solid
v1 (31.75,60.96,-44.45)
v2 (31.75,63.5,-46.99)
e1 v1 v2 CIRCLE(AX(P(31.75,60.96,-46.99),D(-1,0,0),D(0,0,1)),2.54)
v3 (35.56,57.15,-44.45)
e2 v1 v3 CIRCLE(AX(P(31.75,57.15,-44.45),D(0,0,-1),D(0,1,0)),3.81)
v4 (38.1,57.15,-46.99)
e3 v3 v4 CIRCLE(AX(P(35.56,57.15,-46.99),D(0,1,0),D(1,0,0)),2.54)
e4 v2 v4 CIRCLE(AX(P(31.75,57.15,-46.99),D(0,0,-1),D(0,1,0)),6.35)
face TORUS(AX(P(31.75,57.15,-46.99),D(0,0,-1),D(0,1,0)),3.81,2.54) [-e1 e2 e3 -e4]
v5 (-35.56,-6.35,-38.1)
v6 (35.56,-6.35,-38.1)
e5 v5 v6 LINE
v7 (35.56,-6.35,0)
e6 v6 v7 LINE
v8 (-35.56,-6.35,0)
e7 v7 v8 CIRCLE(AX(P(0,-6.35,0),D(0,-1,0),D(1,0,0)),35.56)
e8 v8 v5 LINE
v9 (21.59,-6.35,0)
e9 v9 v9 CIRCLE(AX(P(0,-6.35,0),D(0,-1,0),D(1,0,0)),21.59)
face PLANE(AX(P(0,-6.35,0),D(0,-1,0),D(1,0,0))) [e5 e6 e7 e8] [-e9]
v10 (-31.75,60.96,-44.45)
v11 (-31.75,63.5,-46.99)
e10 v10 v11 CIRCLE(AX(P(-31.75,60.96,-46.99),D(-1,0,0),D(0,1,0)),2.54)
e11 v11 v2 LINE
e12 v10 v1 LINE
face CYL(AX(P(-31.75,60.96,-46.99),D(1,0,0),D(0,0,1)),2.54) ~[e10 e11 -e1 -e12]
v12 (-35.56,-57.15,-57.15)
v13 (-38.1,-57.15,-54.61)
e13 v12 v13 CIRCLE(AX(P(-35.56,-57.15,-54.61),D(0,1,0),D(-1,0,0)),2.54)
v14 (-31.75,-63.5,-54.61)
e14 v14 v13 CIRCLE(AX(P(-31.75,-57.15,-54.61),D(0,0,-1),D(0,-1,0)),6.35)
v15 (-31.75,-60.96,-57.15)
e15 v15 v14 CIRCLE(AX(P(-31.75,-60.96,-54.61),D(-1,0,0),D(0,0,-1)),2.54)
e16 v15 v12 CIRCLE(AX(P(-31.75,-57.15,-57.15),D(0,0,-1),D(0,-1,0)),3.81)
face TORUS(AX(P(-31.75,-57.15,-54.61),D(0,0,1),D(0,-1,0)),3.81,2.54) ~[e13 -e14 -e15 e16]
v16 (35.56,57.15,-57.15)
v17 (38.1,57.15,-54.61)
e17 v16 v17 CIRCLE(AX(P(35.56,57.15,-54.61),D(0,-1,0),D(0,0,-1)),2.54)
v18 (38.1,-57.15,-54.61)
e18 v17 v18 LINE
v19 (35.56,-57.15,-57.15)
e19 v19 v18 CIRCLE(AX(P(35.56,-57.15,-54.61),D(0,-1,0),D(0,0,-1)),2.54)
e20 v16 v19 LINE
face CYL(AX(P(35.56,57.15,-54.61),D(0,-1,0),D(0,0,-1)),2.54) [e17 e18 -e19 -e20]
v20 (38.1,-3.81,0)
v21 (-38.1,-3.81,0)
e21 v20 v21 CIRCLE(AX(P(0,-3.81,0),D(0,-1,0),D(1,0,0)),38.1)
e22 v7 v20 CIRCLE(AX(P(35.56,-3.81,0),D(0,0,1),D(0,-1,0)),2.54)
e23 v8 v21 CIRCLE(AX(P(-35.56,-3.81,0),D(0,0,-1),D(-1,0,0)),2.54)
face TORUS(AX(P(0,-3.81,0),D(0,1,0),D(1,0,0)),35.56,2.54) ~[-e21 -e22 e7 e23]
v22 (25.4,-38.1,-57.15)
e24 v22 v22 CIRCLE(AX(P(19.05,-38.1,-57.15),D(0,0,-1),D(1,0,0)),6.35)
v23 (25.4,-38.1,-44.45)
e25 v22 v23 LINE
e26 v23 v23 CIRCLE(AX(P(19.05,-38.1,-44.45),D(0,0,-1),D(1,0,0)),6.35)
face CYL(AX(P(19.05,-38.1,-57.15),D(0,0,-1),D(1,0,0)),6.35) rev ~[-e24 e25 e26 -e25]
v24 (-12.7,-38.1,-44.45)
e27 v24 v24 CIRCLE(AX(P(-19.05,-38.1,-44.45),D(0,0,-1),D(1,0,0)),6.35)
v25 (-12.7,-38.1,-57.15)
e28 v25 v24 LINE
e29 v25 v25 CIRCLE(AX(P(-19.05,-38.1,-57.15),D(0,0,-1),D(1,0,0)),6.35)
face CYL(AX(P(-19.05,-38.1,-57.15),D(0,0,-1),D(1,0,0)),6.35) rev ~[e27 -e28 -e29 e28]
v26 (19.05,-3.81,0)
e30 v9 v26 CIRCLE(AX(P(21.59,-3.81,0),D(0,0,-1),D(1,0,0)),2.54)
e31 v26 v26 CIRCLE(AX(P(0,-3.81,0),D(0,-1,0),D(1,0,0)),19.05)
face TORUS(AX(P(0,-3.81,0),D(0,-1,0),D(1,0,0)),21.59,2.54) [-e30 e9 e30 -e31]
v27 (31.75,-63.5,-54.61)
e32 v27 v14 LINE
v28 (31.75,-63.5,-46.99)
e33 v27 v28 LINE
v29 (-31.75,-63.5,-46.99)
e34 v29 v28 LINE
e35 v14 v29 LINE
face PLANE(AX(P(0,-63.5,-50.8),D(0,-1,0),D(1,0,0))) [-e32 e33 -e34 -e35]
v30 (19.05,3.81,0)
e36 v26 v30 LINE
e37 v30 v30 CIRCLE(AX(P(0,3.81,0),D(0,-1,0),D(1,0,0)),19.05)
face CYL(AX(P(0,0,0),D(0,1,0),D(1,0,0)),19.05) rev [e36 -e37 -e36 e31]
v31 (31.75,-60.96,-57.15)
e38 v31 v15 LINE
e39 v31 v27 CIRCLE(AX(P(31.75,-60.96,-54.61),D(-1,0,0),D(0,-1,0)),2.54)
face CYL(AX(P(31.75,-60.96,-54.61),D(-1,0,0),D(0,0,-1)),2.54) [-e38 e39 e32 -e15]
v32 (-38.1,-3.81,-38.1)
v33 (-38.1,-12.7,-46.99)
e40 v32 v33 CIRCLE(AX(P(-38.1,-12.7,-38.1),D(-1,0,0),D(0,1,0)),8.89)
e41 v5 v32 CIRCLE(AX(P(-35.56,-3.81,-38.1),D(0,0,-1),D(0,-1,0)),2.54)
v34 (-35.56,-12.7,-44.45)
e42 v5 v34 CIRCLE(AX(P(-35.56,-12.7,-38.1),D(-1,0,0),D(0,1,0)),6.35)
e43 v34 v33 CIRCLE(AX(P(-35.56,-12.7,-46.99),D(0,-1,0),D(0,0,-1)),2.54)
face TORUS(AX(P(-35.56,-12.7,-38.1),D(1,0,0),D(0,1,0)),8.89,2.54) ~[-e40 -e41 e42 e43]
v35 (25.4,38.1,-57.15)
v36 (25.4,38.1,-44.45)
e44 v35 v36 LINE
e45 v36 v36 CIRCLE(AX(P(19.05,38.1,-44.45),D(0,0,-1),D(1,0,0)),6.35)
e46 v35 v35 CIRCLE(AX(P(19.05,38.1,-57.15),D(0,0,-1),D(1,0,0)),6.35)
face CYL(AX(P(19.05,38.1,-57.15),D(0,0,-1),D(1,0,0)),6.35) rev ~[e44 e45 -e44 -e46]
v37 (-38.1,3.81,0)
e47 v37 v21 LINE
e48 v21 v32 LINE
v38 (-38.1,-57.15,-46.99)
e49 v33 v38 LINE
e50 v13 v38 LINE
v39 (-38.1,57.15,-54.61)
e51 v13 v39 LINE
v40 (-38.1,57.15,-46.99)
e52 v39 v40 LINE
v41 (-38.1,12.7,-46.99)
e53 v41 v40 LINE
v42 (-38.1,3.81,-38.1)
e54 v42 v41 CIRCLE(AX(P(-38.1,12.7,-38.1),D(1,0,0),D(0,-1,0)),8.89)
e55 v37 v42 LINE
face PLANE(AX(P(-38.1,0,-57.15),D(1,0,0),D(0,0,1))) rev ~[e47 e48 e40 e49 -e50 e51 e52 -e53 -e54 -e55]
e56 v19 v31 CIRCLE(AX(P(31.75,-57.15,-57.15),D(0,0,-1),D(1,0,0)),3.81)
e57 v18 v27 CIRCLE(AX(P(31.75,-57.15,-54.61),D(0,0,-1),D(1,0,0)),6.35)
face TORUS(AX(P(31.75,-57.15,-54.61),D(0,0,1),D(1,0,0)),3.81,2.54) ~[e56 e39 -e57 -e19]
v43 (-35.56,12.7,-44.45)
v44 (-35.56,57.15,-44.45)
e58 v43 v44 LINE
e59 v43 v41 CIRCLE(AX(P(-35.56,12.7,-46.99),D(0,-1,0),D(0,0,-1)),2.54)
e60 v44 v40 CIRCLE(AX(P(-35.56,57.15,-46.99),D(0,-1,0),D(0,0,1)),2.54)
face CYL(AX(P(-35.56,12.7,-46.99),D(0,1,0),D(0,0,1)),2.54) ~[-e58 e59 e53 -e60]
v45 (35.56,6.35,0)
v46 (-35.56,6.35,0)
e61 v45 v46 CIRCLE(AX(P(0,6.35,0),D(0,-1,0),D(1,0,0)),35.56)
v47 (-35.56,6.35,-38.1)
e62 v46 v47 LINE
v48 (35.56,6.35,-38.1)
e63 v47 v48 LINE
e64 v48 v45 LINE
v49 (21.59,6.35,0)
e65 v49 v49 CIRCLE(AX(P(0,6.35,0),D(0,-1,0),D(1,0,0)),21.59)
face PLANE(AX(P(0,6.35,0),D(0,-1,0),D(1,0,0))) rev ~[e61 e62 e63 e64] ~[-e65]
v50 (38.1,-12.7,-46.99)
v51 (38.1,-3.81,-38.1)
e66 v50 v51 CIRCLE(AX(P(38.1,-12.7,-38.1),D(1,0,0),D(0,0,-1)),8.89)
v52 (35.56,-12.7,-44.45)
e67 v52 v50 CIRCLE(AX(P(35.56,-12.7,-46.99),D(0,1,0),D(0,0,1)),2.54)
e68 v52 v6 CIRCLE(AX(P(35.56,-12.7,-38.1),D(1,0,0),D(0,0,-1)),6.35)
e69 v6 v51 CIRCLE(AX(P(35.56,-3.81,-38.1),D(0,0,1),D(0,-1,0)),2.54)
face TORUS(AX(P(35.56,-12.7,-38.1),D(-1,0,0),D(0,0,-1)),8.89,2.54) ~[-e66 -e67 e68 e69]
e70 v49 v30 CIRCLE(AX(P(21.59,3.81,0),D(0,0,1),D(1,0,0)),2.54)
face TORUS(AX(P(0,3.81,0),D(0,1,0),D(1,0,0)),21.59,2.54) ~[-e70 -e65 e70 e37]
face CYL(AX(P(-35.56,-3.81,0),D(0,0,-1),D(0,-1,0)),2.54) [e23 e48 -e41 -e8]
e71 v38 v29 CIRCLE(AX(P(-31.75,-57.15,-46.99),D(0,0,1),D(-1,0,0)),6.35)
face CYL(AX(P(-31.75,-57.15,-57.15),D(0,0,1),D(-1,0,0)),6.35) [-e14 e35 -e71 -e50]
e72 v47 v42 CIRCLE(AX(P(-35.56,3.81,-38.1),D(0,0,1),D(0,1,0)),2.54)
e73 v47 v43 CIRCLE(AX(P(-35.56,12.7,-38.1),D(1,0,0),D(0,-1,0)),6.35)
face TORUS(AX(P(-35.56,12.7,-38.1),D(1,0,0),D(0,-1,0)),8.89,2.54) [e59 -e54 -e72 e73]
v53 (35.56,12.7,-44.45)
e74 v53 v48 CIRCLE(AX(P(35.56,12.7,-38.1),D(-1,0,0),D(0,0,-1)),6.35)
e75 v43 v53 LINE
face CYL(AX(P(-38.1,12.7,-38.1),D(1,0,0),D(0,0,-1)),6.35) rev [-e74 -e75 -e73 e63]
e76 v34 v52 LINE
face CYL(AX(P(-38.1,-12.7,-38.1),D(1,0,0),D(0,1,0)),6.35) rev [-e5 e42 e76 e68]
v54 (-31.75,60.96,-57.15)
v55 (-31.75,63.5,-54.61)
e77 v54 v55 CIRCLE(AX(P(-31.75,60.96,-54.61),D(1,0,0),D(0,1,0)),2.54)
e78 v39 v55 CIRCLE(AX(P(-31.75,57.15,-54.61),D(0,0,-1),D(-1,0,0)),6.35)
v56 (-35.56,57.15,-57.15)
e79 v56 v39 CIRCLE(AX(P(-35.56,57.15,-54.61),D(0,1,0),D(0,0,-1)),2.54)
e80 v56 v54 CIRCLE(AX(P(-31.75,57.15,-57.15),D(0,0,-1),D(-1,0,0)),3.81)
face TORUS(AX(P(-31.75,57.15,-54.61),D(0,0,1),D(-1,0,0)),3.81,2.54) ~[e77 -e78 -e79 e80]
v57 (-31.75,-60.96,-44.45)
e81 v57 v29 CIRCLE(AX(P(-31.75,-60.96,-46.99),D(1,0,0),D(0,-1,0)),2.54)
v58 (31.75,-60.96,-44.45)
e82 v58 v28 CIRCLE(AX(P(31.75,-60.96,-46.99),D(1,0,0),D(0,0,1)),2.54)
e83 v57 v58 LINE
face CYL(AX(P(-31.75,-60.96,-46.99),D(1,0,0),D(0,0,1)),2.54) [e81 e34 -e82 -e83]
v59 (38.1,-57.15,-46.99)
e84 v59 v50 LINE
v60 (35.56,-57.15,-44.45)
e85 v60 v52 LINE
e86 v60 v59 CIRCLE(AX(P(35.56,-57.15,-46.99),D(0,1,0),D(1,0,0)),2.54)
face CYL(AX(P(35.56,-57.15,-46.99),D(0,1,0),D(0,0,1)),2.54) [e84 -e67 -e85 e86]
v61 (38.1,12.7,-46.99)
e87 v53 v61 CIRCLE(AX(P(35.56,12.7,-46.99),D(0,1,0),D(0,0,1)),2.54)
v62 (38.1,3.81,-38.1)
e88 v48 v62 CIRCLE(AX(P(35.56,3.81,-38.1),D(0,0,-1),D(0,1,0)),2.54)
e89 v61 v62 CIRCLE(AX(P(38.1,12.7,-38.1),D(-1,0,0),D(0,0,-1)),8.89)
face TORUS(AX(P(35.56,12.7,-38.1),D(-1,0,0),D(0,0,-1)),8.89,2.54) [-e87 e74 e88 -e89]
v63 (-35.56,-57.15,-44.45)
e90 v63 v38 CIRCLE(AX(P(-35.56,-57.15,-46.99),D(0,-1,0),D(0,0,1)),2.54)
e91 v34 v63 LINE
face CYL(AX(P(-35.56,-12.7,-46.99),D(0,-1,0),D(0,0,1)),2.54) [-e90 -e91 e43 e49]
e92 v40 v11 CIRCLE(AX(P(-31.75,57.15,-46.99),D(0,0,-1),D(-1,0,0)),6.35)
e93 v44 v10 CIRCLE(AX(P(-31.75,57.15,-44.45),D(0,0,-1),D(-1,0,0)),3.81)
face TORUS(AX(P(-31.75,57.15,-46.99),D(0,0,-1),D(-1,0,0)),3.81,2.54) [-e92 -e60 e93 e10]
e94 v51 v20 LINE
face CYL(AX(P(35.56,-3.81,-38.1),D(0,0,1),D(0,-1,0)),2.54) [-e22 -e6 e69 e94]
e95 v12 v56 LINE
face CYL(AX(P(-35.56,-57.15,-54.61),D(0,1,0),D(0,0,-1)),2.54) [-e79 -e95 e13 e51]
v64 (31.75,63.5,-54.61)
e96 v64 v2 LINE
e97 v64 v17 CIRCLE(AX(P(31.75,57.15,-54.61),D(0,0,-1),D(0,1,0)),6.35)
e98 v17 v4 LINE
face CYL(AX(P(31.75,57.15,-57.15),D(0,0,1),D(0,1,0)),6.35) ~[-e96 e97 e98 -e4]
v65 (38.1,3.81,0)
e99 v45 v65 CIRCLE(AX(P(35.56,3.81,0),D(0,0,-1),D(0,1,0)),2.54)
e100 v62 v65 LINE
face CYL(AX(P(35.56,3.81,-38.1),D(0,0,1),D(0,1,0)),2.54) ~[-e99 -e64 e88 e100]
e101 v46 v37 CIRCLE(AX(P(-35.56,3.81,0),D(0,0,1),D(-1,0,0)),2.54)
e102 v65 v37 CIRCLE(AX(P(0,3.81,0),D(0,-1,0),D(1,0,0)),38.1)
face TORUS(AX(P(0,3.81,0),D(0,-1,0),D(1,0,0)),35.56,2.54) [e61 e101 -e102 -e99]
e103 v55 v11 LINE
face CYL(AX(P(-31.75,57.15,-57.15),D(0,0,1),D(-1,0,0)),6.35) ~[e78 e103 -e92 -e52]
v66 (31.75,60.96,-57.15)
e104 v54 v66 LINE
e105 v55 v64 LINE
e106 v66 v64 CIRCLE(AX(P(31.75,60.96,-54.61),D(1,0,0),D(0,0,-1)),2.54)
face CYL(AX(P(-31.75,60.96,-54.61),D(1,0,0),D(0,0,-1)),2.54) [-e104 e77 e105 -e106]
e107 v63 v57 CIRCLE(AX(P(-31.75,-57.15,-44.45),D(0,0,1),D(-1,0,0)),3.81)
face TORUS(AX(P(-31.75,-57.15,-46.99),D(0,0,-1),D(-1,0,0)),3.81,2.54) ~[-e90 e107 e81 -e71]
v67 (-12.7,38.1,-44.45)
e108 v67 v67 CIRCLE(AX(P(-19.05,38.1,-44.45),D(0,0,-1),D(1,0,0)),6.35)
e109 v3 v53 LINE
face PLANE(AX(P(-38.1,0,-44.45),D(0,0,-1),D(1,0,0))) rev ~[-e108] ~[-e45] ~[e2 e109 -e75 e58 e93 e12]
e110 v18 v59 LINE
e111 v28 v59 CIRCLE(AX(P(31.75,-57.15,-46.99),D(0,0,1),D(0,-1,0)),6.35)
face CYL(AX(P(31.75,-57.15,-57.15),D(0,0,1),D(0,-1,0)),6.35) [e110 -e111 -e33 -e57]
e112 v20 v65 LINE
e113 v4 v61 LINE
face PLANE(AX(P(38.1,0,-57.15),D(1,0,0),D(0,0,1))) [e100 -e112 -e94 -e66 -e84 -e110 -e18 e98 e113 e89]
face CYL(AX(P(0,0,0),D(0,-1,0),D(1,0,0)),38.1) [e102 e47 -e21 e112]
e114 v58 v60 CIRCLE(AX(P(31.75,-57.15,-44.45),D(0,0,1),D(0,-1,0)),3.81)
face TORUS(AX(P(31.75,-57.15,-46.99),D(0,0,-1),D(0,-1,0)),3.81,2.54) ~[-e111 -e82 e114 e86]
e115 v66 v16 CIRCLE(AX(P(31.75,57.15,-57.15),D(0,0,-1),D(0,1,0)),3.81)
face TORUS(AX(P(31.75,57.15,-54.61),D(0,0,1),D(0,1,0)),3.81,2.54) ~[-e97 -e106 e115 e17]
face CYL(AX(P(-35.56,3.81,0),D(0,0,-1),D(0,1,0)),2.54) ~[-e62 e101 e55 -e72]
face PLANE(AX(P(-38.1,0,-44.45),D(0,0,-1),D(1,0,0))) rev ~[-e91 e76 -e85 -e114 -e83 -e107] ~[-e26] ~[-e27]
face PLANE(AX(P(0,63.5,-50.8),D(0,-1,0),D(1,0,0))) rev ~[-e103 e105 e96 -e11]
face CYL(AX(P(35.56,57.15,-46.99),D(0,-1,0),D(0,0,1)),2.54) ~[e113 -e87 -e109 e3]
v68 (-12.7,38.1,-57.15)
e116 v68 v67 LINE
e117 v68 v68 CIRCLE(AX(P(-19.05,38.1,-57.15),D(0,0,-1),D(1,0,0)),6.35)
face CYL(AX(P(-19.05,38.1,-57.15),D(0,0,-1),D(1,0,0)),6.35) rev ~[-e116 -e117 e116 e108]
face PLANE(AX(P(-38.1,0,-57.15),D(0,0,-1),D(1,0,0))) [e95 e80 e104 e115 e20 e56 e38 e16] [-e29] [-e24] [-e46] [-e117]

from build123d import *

# Parameters (mm, degrees)
F0_W     = 76.2
F0_H     = 12.7
F1_DEPTH = 63.5
F0_R     = 19.05
F2_DEPTH = 6.35
F3_R     = 6.35
F4_DEPTH = 95.251
F5_R     = 6.35
F6_R     = 2.54


with BuildPart() as f1:
    # F0 (on Front) → F1 (new body, symmetric)
    with BuildSketch(Plane.XZ):
        with Locations((0, -50.8)):
            Rectangle(F0_W, F0_H)
    extrude(amount=F1_DEPTH, both=True)

    # F0 (on Front) → F2 (join, symmetric)
    with BuildSketch(Plane.XZ):
        with BuildLine():
            ThreePointArc((-38.1, 0), (0, -38.1), (38.1, 0))
            ThreePointArc((38.1, 0), (0, 38.1), (-38.1, 0))
        make_face()
        Circle(F0_R, mode=Mode.SUBTRACT)
        with BuildLine():
            Line((38.1, -44.45), (38.1, 0))
            ThreePointArc((38.1, 0), (0, -38.1), (-38.1, 0))
            Line((-38.1, 0), (-38.1, -44.45))
            Line((-38.1, -44.45), (38.1, -44.45))
        make_face()
    extrude(amount=F2_DEPTH, both=True)

    # F3 (on face) → F4 (cut, through all)
    with BuildSketch(Plane(origin=(0, 0, -57.15), x_dir=(1, 0, 0), z_dir=(0, 0, -1))):
        with Locations((19.05, 38.1)):
            Circle(F3_R)
        with Locations((-19.05, 38.1)):
            Circle(F3_R)
        with Locations((-19.05, -38.1)):
            Circle(F3_R)
        with Locations((19.05, -38.1)):
            Circle(F3_R)
    extrude(amount=-F4_DEPTH, mode=Mode.SUBTRACT)

    # F5
    f5_edges = [f1.edges().sort_by_distance(p)[0] for p in [
        (0, -6.35, -44.45),
        (-38.1, -63.5, -50.8),
        (38.1, -63.5, -50.8),
        (38.1, 63.5, -50.8),
        (0, 6.35, -44.45),
        (-38.1, 63.5, -50.8),
    ]]
    fillet(f5_edges, radius=F5_R)

    # F6
    f6_edges = [f1.edges().sort_by_distance(p)[0] for p in [
        (38.1, -6.35, -19.05),
        (38.1, 6.35, -19.05),
        (38.1, 0, -57.15),
        (-19.05, -6.35, 0),
        (-19.05, 6.35, 0),
    ]]
    fillet(f6_edges, radius=F6_R)


solid = f1.part
